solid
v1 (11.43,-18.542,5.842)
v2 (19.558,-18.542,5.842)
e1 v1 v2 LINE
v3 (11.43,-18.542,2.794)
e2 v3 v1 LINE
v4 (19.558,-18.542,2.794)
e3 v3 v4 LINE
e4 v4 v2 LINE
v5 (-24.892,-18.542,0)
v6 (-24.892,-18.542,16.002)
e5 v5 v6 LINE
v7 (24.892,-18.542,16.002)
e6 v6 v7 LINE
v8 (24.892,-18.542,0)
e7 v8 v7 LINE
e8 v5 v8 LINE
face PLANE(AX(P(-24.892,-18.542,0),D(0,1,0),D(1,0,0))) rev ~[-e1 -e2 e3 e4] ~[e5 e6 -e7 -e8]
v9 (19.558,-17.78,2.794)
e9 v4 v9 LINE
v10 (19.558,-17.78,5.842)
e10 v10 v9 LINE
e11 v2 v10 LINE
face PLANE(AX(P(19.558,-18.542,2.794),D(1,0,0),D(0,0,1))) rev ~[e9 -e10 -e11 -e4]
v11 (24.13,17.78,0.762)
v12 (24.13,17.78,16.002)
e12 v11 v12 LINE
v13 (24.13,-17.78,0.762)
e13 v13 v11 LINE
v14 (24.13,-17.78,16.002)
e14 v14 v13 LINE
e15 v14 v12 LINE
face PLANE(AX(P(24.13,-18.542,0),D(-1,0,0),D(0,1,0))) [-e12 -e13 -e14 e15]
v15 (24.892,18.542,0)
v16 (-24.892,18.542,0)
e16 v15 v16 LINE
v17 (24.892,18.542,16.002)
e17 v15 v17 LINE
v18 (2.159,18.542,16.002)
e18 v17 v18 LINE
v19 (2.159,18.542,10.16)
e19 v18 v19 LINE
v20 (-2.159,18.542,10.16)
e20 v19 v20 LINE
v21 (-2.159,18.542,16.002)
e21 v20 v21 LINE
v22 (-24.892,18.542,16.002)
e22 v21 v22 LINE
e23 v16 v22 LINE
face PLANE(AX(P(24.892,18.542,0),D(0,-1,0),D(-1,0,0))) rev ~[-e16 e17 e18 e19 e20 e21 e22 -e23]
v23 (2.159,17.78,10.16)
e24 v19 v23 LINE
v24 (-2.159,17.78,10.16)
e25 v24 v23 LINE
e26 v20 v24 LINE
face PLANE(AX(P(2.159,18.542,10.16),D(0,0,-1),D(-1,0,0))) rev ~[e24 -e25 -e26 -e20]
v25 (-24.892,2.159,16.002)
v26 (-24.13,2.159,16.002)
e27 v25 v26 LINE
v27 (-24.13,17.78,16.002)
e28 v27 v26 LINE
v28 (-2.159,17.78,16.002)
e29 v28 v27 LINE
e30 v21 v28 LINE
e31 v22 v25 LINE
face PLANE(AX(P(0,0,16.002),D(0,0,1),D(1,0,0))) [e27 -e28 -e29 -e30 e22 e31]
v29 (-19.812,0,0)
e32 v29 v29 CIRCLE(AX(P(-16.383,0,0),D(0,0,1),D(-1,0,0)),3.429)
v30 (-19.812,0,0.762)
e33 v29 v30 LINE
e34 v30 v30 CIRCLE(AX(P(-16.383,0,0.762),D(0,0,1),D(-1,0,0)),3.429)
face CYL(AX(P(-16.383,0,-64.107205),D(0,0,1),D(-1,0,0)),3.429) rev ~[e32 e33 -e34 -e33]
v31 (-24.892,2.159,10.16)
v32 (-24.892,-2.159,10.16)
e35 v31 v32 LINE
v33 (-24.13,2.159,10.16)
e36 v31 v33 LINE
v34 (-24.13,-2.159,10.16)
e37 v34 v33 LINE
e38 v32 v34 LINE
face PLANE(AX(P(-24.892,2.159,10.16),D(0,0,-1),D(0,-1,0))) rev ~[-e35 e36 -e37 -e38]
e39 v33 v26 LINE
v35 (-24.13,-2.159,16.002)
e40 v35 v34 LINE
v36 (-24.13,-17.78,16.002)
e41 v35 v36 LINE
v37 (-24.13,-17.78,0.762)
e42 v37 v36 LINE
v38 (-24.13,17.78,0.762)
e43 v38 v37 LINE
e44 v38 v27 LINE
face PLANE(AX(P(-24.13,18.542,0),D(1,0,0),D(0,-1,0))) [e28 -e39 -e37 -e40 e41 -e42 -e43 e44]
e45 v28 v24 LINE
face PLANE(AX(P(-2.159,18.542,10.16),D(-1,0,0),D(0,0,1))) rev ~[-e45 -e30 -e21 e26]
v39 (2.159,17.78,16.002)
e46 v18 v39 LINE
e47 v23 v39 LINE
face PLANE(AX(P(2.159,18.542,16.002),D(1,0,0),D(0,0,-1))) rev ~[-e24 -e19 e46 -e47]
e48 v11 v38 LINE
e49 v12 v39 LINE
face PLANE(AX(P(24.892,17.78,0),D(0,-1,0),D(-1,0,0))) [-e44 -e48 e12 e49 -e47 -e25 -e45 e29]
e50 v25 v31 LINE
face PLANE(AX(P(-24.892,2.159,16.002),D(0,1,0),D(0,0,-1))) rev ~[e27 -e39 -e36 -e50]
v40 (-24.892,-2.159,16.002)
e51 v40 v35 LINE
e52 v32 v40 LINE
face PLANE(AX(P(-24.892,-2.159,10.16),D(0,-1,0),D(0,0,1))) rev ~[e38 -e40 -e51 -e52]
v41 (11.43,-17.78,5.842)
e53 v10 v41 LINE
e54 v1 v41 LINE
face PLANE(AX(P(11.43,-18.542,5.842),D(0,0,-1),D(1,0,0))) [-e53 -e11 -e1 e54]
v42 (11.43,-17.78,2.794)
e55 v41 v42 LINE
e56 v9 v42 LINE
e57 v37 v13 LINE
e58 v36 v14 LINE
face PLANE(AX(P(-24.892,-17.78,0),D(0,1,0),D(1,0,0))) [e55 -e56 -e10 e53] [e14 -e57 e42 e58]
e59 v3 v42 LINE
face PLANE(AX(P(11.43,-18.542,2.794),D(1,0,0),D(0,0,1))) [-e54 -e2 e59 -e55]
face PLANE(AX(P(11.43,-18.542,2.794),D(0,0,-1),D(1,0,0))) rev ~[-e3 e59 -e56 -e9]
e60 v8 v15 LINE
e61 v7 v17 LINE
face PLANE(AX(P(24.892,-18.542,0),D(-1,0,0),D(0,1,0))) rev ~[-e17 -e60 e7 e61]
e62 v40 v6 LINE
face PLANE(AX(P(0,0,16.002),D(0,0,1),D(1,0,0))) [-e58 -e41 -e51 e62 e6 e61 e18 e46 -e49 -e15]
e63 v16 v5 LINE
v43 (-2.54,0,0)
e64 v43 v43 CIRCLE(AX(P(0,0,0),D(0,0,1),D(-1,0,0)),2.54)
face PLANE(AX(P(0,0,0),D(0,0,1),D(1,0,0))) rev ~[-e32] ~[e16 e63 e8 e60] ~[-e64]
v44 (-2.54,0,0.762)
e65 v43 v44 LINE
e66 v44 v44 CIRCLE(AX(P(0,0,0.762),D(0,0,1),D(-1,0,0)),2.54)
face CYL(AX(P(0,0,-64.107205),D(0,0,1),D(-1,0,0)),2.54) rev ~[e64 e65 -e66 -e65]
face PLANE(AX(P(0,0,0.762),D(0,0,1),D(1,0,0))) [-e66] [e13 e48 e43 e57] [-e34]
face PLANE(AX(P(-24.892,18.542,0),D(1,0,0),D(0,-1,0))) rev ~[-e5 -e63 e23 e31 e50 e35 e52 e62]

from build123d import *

# Parameters (mm, degrees)
F0_R      = 2.921
F1_DEPTH  = 16.002
F2_T      = -0.762
F3_D      = 6.858
F4_D      = 5.08
F5_W      = 8.128
F5_H      = 3.048
F6_DEPTH  = 25.4
F8_DEPTH  = 25.4
F10_DEPTH = 25.4


with BuildPart() as f1:
    # F0 (on Top) → F1 (new body)
    with BuildSketch(Plane.XY):
        Polygon((24.892, -18.542), (24.892, 18.542), (-24.892, 18.542), (-24.892, 0), (-24.892, -18.542), align=None)
        with BuildLine():
            ThreePointArc((-12.573, 0), (-16.383, -3.81), (-20.193, 0))
            ThreePointArc((-20.193, 0), (-16.383, 3.81), (-12.573, 0))
        make_face(mode=Mode.SUBTRACT)
        Circle(F0_R, mode=Mode.SUBTRACT)
        with BuildLine():
            ThreePointArc((-12.573, 0), (-16.383, 3.81), (-20.193, 0))
            ThreePointArc((-20.193, 0), (-16.383, -3.81), (-12.573, 0))
        make_face()
        Circle(F0_R)
    extrude(amount=F1_DEPTH)

    # F2
    f2_openings = [f1.faces().sort_by_distance(p)[0] for p in [
        (0, 0, 16.002),
    ]]
    offset(amount=F2_T, openings=f2_openings)

    # F3 (through all)
    with Locations(Plane(origin=(0, 0, 0), x_dir=(1, 0, 0), z_dir=(0, 0, -1))):
        with Locations((-16.383, 0)):
            Hole(F3_D / 2)

    # F4 (through all)
    with Locations(Plane(origin=(0, 0, 0), x_dir=(1, 0, 0), z_dir=(0, 0, -1))):
        with Locations((0, 0)):
            Hole(F4_D / 2)

    # F5 (on face) → F6 (cut)
    with BuildSketch(Plane.XZ.offset(18.542)):
        with Locations((15.494, 4.318)):
            Rectangle(F5_W, F5_H)
    extrude(amount=-F6_DEPTH, mode=Mode.SUBTRACT)

    # F7 (on face) → F8 (cut)
    with BuildSketch(Plane(origin=(0, 18.542, 0), x_dir=(-1, 0, 0), z_dir=(0, 1, 0))):
        Polygon((2.159, 10.16), (2.159, 16.002), (0, 16.002), (-2.159, 16.002), (-2.159, 10.16), align=None)
    extrude(amount=-F8_DEPTH, mode=Mode.SUBTRACT)

    # F9 (on face) → F10 (cut)
    with BuildSketch(Plane(origin=(-24.892, 0, 0), x_dir=(0, -1, 0), z_dir=(-1, 0, 0))):
        Polygon((2.159, 10.16), (2.159, 16.002), (0, 16.002), (-2.159, 16.002), (-2.159, 10.16), align=None)
    extrude(amount=-F10_DEPTH, mode=Mode.SUBTRACT)


solid = f1.part
